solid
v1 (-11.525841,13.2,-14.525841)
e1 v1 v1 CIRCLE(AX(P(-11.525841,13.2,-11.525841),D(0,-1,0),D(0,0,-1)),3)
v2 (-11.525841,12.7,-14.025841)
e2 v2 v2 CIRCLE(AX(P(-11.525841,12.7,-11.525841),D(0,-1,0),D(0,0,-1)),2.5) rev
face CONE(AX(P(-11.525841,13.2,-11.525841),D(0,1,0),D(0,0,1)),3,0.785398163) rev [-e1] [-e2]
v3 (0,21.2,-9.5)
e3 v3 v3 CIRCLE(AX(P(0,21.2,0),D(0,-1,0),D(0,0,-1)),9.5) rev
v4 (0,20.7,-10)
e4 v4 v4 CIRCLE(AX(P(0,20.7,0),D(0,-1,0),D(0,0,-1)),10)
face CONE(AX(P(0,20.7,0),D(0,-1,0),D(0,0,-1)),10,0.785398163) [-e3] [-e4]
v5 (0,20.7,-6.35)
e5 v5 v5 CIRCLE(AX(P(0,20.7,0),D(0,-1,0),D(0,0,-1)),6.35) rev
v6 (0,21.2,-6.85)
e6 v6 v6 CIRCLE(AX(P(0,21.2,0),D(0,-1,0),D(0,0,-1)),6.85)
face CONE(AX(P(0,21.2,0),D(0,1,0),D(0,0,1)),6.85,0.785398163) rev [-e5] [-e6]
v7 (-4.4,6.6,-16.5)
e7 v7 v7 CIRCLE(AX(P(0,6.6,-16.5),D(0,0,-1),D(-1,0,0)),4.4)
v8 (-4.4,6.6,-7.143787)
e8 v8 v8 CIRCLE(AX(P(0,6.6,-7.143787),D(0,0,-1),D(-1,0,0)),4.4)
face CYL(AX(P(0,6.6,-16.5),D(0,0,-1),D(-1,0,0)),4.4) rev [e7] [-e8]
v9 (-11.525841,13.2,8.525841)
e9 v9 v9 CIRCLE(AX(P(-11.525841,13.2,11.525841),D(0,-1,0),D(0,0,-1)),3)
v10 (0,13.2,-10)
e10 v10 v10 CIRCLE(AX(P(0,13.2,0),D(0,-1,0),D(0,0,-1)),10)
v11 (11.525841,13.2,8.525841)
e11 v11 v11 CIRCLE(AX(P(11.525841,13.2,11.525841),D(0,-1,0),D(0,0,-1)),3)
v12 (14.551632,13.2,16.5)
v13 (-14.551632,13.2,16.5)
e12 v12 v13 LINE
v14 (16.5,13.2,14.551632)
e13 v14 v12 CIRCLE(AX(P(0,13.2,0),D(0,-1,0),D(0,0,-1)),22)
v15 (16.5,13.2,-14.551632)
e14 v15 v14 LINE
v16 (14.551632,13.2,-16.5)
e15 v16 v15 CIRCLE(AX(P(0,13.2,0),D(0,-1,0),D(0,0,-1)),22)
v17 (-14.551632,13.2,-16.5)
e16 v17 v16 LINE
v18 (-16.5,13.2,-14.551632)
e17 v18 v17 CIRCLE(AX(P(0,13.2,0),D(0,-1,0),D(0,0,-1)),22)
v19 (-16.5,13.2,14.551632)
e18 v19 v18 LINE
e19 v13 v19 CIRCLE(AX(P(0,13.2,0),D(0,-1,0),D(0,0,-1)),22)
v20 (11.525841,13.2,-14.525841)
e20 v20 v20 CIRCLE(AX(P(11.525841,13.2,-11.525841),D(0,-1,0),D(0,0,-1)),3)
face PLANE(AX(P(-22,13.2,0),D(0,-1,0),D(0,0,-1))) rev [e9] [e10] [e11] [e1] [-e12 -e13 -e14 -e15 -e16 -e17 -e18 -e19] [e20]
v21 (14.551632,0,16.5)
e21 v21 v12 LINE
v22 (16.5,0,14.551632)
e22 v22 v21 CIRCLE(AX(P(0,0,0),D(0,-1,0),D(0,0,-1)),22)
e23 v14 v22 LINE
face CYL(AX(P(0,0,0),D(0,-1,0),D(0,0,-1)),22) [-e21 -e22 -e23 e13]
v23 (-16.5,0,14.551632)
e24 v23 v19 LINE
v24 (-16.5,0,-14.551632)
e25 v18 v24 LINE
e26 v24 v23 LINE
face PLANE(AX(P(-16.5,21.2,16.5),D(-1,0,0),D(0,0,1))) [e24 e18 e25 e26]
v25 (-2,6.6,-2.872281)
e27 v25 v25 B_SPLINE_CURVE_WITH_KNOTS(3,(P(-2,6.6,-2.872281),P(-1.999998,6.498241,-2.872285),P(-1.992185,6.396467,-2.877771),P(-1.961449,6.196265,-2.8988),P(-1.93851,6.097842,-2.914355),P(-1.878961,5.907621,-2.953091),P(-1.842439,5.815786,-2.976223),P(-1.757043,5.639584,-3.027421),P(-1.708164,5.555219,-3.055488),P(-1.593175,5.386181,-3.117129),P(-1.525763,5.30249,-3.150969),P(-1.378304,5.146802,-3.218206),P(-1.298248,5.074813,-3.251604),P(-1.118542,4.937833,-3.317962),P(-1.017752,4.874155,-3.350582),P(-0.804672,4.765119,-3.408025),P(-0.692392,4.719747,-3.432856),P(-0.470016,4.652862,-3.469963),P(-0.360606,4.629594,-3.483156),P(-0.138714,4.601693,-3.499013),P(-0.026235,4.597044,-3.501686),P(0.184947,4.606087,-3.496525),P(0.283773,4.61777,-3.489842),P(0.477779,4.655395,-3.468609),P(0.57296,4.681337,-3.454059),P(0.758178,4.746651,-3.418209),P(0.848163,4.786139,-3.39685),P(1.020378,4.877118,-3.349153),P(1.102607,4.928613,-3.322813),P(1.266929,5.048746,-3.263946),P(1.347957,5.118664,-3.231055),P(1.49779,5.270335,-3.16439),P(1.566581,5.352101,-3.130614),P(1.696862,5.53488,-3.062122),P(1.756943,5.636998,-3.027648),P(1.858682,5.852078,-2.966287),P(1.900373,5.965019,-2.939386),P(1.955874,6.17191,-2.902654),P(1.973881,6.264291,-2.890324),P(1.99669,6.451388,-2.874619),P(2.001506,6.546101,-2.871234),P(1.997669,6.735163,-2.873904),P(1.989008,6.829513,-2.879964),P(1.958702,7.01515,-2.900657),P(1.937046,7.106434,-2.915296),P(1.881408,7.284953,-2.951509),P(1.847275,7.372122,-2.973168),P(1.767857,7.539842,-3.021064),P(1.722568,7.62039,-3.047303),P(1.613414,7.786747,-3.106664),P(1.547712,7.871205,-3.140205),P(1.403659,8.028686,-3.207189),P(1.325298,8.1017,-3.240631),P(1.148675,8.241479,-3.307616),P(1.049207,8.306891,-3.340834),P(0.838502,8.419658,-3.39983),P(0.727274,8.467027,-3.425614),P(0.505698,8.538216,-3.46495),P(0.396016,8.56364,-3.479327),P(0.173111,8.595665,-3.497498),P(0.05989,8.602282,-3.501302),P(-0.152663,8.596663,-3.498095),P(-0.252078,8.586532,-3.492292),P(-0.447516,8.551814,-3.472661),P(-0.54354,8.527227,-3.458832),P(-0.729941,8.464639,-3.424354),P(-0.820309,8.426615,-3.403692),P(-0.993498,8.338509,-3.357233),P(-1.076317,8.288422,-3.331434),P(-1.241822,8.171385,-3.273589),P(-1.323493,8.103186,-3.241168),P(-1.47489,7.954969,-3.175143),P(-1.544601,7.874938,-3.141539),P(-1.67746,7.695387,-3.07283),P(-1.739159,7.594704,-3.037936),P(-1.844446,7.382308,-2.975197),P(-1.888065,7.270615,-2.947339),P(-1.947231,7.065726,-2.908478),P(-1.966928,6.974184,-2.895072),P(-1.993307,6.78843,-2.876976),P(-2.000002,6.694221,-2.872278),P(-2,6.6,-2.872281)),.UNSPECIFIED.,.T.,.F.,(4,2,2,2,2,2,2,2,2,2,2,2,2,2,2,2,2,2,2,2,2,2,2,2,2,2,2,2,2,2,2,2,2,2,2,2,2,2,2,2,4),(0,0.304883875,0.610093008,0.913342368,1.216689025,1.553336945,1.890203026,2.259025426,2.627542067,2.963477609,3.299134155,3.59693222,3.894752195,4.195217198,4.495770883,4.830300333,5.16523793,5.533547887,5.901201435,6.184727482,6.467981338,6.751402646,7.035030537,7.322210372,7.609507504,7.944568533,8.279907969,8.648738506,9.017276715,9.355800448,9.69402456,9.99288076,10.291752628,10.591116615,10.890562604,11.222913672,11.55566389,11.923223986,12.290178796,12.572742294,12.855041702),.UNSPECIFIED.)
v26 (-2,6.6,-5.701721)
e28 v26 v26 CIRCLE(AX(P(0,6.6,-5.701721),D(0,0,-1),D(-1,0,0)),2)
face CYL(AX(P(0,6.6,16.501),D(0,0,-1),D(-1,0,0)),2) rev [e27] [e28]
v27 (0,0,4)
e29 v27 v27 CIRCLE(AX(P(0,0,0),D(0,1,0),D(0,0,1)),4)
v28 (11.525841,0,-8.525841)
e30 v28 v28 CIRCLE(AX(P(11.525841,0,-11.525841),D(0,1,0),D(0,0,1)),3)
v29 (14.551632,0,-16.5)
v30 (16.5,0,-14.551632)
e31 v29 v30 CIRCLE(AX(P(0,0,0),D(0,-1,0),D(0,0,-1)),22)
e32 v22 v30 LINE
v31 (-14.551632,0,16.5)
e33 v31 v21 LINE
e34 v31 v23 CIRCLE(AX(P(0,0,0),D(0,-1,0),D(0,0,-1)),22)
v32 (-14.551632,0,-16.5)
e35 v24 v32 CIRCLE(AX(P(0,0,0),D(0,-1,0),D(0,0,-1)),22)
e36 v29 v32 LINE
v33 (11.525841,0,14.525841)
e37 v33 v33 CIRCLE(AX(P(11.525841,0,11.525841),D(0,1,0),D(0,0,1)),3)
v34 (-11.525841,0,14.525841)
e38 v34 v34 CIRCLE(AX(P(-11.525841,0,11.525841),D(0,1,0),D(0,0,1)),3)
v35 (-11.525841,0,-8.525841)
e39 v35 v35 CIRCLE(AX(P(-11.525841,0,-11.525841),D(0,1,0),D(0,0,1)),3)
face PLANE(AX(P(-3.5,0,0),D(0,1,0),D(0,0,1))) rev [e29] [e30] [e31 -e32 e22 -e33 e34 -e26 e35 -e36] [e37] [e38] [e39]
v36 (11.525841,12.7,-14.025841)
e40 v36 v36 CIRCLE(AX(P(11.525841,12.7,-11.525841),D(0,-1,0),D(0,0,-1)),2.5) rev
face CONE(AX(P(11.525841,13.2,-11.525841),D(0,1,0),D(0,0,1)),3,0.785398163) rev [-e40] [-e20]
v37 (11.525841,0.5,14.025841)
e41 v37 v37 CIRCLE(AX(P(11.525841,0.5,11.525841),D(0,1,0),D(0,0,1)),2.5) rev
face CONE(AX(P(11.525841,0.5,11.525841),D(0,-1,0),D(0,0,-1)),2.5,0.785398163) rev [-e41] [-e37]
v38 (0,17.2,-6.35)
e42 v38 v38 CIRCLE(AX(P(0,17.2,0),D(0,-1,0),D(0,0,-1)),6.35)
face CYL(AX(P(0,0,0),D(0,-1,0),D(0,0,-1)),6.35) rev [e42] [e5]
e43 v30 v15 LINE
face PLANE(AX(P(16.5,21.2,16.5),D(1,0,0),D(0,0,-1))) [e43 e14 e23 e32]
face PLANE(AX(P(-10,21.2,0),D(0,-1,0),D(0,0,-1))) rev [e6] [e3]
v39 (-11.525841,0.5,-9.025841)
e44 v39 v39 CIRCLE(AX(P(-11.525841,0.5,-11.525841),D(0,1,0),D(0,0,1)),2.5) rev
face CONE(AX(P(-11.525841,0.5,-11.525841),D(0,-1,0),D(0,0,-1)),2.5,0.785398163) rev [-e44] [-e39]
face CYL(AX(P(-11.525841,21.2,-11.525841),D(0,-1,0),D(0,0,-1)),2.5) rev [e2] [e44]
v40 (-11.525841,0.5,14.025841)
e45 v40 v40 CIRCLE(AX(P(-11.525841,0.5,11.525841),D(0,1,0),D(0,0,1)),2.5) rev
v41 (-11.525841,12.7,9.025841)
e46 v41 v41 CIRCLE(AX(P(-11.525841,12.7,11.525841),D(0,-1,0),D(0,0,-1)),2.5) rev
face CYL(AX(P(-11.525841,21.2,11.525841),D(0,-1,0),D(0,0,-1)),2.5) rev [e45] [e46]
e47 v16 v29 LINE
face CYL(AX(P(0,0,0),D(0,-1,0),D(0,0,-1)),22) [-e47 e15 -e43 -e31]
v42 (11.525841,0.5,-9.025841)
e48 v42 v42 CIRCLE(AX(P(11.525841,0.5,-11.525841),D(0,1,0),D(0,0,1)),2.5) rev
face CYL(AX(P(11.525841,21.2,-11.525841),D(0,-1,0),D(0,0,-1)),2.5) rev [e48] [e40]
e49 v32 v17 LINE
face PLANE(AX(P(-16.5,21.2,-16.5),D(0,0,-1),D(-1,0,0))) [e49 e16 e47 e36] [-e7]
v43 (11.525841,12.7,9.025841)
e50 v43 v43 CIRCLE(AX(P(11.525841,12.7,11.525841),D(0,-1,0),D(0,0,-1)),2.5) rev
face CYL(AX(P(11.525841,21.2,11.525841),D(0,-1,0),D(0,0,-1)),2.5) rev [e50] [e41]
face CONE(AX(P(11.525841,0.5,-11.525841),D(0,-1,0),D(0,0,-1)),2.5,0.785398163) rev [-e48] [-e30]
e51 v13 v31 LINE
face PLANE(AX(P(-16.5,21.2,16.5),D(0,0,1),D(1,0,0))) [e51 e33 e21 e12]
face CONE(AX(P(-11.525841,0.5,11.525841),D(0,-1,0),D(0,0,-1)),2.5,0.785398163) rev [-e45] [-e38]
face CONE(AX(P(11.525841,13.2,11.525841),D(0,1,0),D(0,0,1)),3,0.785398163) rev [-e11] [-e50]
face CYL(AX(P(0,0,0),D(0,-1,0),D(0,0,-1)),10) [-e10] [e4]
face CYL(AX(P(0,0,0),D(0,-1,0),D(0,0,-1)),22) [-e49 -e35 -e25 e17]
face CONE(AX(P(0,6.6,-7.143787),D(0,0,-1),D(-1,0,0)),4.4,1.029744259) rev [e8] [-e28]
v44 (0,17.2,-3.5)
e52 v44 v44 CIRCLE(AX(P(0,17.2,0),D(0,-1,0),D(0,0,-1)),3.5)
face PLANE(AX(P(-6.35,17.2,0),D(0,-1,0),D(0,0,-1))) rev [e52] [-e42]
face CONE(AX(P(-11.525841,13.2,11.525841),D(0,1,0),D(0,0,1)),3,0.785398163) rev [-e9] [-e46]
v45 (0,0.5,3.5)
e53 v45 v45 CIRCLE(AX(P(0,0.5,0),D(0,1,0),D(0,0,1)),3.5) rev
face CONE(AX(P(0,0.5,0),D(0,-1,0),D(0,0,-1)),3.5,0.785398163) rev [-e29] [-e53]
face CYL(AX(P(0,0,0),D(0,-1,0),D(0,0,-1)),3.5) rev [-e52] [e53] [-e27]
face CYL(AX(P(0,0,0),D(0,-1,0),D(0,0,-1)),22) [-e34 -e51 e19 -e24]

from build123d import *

# Parameters (mm, degrees)
SKETCH3_W               = 61.087252859
SKETCH3_H               = 56.880141781
SKETCH3_W_2             = 33
SKETCH3_H_2             = 33
CUT_EXTRUDE1_DEPTH      = 22.2
SKETCH6_R               = 2.5
CUT_EXTRUDE5_DEPTH      = 22.2
CUT_EXTRUDE3_REACH      = 35
SKETCH5_R               = 2
G1_8_TAPPED_HOLE1_D     = 8.8
G1_8_TAPPED_HOLE1_DEPTH = 9.356213276
G1_8_TAPPED_HOLE1_TIP   = 2.643786724
CHAMFER1_SIZE           = 0.5


with BuildPart() as part:
    # Sketch2 → Revolve1 (revolve)
    with BuildSketch(Plane.XY):
        Polygon((-3.5, 0), (-22, 0), (-22, 13.2), (-10, 13.2), (-10, 21.2), (-6.35, 21.2), (-6.35, 17.2), (-3.5, 17.2), align=None)
    revolve(axis=Axis((0, 0, 0), (0, 1, 0)))

    # Sketch3 → Cut-Extrude1 (cut, through all)
    with BuildSketch(Plane.XZ):
        with Locations((1.009706659, -0.631066662)):
            Rectangle(SKETCH3_W, SKETCH3_H)
        Rectangle(SKETCH3_W_2, SKETCH3_H_2, mode=Mode.SUBTRACT)
    extrude(amount=-CUT_EXTRUDE1_DEPTH, mode=Mode.SUBTRACT)

    # Sketch6 → Cut-Extrude5 (cut, through all)
    with BuildSketch(Plane.XZ):
        with Locations((-11.525840533, 11.525840533)):
            Circle(SKETCH6_R)
        with Locations((11.525840533, 11.525840533)):
            Circle(SKETCH6_R)
        with Locations((-11.525840533, -11.525840533)):
            Circle(SKETCH6_R)
        with Locations((11.525840533, -11.525840533)):
            Circle(SKETCH6_R)
    extrude(amount=-CUT_EXTRUDE5_DEPTH, mode=Mode.SUBTRACT)

    # Sketch5 → Cut-Extrude3 (cut, up to next)
    with BuildSketch(Plane(origin=(0, 0, -16.5), x_dir=(-1, 0, 0), z_dir=(0, 0, -1)), mode=Mode.PRIVATE) as cut_extrude3_sk1:
        with Locations((0, 6.6)):
            Circle(SKETCH5_R)
    cut_extrude3_tool1 = extrude(cut_extrude3_sk1.sketch, amount=-CUT_EXTRUDE3_REACH, mode=Mode.PRIVATE) & part.part
    add(cut_extrude3_tool1.solids().sort_by_distance((0, 6.6, -16.5))[0], mode=Mode.SUBTRACT)

    # G1/8 Tapped Hole1
    with Locations(Plane(origin=(0, 6.6, -16.5), x_dir=(-1, 0, 0), z_dir=(0, 0, -1))):
        with Locations((0, 0)):
            Hole(G1_8_TAPPED_HOLE1_D / 2, depth=G1_8_TAPPED_HOLE1_DEPTH)
            with Locations((0, 0, -(G1_8_TAPPED_HOLE1_DEPTH + G1_8_TAPPED_HOLE1_TIP / 2))):  # 118° drill point
                Cone(0, G1_8_TAPPED_HOLE1_D / 2, G1_8_TAPPED_HOLE1_TIP, mode=Mode.SUBTRACT)

    # Chamfer1
    chamfer1_edges = [part.edges().sort_by_distance(p)[0] for p in [
        (6.35, 21.2, 0),
        (3.5, 0, 0),
        (-14.025840533, 13.2, -11.525840533),
        (-14.025840533, 0, -11.525840533),
        (9.025840533, 13.2, 11.525840533),
        (9.025840533, 0, 11.525840533),
        (9.025840533, 13.2, -11.525840533),
        (9.025840533, 0, -11.525840533),
        (-14.025840533, 13.2, 11.525840533),
        (-14.025840533, 0, 11.525840533),
        (10, 21.2, 0),
    ]]
    chamfer(chamfer1_edges, length=CHAMFER1_SIZE)


solid = part.part
